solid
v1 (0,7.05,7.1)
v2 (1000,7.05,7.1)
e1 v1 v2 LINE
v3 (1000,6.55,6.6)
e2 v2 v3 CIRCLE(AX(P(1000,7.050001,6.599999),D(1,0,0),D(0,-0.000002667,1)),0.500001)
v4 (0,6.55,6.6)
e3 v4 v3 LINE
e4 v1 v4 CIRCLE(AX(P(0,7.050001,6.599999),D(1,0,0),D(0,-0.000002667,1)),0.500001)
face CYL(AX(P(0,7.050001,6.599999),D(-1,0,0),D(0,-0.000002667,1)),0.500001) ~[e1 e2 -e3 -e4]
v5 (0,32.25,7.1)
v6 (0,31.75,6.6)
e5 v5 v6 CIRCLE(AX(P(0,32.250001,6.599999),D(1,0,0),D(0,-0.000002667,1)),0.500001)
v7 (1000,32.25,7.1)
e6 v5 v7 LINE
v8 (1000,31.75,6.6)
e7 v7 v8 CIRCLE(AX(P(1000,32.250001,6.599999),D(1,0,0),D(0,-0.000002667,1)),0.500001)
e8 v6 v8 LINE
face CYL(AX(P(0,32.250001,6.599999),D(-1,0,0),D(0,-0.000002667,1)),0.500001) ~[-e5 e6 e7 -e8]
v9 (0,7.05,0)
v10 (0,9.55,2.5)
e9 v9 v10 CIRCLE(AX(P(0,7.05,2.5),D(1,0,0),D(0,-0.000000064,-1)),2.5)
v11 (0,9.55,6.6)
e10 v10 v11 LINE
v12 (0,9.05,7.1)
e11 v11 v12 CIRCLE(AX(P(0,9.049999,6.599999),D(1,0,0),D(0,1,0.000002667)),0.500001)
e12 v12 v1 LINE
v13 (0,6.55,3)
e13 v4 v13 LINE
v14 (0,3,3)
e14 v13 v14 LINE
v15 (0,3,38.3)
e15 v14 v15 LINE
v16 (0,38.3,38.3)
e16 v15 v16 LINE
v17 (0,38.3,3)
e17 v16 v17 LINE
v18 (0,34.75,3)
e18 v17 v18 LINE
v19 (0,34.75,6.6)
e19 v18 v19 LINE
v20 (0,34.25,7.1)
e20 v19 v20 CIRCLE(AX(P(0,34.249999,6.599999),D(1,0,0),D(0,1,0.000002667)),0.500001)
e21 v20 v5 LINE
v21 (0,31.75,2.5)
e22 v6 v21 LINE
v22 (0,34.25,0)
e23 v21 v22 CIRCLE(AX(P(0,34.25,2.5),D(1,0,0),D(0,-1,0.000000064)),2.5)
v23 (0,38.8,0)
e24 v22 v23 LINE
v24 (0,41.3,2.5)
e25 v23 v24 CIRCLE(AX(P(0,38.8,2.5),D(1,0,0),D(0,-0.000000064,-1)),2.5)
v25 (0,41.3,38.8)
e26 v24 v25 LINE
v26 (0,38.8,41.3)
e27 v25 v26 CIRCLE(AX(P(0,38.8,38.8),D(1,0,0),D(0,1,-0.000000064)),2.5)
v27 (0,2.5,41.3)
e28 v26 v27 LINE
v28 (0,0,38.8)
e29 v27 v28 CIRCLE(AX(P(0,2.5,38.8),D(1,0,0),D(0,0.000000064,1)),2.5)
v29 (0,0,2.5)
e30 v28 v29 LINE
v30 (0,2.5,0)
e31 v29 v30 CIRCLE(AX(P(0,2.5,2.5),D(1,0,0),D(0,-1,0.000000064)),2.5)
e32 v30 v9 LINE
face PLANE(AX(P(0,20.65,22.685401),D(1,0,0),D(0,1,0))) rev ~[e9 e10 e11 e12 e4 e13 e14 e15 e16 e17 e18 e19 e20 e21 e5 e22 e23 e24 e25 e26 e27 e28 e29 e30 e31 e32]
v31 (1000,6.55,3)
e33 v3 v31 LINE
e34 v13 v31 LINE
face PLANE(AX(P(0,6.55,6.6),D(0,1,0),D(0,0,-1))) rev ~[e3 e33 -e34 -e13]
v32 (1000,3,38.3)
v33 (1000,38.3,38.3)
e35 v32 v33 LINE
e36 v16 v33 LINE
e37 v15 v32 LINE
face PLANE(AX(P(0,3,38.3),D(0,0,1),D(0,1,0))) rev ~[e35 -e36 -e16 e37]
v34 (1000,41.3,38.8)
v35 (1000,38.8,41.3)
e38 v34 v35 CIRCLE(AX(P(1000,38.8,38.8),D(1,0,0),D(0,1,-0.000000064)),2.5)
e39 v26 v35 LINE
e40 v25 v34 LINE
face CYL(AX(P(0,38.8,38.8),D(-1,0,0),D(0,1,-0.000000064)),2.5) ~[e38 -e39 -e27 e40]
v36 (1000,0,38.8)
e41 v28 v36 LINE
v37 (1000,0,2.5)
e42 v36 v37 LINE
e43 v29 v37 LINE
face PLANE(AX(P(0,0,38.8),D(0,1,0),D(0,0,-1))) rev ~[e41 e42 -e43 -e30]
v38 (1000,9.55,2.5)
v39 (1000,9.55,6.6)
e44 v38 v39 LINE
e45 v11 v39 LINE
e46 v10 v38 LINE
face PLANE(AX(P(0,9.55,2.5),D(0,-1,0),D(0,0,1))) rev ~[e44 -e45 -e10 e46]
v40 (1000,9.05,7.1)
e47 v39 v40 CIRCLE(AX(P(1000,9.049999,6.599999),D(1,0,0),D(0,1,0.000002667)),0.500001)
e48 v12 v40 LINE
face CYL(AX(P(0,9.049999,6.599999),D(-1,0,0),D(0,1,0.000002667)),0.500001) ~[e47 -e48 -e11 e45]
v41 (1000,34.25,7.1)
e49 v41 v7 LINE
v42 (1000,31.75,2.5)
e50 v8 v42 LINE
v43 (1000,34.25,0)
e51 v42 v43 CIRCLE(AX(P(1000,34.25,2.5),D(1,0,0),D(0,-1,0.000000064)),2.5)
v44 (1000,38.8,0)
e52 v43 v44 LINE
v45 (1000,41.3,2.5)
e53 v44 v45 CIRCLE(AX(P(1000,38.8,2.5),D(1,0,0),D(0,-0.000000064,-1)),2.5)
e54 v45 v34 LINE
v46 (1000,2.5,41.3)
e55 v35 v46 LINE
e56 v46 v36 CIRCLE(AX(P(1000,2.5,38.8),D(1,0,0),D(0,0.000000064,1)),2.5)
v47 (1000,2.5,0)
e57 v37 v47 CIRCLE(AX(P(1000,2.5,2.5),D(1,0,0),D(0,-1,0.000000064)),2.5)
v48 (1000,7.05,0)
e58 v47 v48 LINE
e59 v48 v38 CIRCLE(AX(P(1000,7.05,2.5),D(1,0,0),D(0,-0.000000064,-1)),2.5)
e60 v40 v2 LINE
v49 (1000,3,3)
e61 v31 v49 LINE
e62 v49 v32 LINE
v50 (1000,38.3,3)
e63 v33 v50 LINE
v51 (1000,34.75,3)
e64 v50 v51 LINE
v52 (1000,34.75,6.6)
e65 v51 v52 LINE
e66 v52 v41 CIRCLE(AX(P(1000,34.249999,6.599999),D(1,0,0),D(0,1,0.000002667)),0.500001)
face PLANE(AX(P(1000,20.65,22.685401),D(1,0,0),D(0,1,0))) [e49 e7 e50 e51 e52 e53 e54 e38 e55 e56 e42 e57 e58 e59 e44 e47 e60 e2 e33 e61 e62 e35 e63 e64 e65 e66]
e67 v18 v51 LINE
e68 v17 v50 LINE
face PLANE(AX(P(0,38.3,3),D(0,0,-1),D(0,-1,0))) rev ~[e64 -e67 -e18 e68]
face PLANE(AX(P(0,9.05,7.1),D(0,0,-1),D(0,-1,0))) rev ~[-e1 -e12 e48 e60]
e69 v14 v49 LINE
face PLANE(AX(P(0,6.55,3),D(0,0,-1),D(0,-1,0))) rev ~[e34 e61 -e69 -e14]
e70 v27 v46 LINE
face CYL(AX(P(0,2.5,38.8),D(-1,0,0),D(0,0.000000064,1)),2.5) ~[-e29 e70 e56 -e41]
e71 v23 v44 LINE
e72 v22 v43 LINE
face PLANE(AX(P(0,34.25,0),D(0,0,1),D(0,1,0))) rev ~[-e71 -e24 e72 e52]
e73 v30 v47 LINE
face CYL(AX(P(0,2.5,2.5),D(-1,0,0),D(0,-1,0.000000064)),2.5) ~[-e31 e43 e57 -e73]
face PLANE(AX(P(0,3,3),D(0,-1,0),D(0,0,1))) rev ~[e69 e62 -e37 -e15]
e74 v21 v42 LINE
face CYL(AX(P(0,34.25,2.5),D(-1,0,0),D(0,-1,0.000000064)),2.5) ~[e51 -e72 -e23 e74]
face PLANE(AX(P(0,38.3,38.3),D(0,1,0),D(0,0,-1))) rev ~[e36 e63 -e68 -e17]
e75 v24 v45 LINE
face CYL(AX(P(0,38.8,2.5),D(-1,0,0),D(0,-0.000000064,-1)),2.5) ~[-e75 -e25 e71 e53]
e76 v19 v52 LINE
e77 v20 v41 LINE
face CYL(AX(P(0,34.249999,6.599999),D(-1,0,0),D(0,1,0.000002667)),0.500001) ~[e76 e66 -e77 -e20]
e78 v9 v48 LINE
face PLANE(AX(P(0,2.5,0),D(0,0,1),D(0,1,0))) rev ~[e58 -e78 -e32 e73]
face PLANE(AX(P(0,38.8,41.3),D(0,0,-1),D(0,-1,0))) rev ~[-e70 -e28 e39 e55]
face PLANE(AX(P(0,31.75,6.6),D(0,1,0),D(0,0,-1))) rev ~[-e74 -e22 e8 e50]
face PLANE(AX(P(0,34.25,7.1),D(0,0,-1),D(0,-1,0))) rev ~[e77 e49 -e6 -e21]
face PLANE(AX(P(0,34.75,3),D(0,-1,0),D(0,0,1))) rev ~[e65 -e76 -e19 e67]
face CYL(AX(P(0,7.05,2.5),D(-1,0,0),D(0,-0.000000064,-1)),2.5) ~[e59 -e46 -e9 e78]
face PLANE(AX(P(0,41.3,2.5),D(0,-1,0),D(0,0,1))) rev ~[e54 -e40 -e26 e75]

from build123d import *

# Parameters (mm, degrees)
F1_DEPTH = 1000


with BuildPart() as f1:
    # F0 (on Right) → F1 (new body)
    with BuildSketch(Plane.YZ):
        with BuildLine():
            Line((0, 38.8), (0, 2.5))
            ThreePointArc((0, 2.5), (0.732233, 0.732233), (2.5, 0))
            Line((2.5, 0), (7.05, 0))
            ThreePointArc((7.05, 0), (8.817767, 0.732233), (9.55, 2.5))
            Line((9.55, 2.5), (9.55, 6.6))
            ThreePointArc((9.55, 6.6), (9.403553, 6.953553), (9.05, 7.1))
            Line((9.05, 7.1), (7.05, 7.1))
            ThreePointArc((7.05, 7.1), (6.696447, 6.953553), (6.55, 6.6))
            Line((6.55, 6.6), (6.55, 3))
            Line((6.55, 3), (3, 3))
            Line((3, 3), (3, 38.3))
            Line((3, 38.3), (38.3, 38.3))
            Line((38.3, 38.3), (38.3, 3))
            Line((38.3, 3), (34.75, 3))
            Line((34.75, 3), (34.75, 6.6))
            ThreePointArc((34.75, 6.6), (34.603553, 6.953553), (34.25, 7.1))
            Line((34.25, 7.1), (32.25, 7.1))
            ThreePointArc((32.25, 7.1), (31.896447, 6.953553), (31.75, 6.6))
            Line((31.75, 6.6), (31.75, 2.5))
            ThreePointArc((31.75, 2.5), (32.482233, 0.732233), (34.25, 0))
            Line((34.25, 0), (38.8, 0))
            ThreePointArc((38.8, 0), (40.567767, 0.732233), (41.3, 2.5))
            Line((41.3, 2.5), (41.3, 38.8))
            ThreePointArc((41.3, 38.8), (40.567767, 40.567767), (38.8, 41.3))
            Line((38.8, 41.3), (2.5, 41.3))
            ThreePointArc((2.5, 41.3), (0.732233, 40.567767), (0, 38.8))
        make_face()
    extrude(amount=F1_DEPTH)


solid = f1.part
